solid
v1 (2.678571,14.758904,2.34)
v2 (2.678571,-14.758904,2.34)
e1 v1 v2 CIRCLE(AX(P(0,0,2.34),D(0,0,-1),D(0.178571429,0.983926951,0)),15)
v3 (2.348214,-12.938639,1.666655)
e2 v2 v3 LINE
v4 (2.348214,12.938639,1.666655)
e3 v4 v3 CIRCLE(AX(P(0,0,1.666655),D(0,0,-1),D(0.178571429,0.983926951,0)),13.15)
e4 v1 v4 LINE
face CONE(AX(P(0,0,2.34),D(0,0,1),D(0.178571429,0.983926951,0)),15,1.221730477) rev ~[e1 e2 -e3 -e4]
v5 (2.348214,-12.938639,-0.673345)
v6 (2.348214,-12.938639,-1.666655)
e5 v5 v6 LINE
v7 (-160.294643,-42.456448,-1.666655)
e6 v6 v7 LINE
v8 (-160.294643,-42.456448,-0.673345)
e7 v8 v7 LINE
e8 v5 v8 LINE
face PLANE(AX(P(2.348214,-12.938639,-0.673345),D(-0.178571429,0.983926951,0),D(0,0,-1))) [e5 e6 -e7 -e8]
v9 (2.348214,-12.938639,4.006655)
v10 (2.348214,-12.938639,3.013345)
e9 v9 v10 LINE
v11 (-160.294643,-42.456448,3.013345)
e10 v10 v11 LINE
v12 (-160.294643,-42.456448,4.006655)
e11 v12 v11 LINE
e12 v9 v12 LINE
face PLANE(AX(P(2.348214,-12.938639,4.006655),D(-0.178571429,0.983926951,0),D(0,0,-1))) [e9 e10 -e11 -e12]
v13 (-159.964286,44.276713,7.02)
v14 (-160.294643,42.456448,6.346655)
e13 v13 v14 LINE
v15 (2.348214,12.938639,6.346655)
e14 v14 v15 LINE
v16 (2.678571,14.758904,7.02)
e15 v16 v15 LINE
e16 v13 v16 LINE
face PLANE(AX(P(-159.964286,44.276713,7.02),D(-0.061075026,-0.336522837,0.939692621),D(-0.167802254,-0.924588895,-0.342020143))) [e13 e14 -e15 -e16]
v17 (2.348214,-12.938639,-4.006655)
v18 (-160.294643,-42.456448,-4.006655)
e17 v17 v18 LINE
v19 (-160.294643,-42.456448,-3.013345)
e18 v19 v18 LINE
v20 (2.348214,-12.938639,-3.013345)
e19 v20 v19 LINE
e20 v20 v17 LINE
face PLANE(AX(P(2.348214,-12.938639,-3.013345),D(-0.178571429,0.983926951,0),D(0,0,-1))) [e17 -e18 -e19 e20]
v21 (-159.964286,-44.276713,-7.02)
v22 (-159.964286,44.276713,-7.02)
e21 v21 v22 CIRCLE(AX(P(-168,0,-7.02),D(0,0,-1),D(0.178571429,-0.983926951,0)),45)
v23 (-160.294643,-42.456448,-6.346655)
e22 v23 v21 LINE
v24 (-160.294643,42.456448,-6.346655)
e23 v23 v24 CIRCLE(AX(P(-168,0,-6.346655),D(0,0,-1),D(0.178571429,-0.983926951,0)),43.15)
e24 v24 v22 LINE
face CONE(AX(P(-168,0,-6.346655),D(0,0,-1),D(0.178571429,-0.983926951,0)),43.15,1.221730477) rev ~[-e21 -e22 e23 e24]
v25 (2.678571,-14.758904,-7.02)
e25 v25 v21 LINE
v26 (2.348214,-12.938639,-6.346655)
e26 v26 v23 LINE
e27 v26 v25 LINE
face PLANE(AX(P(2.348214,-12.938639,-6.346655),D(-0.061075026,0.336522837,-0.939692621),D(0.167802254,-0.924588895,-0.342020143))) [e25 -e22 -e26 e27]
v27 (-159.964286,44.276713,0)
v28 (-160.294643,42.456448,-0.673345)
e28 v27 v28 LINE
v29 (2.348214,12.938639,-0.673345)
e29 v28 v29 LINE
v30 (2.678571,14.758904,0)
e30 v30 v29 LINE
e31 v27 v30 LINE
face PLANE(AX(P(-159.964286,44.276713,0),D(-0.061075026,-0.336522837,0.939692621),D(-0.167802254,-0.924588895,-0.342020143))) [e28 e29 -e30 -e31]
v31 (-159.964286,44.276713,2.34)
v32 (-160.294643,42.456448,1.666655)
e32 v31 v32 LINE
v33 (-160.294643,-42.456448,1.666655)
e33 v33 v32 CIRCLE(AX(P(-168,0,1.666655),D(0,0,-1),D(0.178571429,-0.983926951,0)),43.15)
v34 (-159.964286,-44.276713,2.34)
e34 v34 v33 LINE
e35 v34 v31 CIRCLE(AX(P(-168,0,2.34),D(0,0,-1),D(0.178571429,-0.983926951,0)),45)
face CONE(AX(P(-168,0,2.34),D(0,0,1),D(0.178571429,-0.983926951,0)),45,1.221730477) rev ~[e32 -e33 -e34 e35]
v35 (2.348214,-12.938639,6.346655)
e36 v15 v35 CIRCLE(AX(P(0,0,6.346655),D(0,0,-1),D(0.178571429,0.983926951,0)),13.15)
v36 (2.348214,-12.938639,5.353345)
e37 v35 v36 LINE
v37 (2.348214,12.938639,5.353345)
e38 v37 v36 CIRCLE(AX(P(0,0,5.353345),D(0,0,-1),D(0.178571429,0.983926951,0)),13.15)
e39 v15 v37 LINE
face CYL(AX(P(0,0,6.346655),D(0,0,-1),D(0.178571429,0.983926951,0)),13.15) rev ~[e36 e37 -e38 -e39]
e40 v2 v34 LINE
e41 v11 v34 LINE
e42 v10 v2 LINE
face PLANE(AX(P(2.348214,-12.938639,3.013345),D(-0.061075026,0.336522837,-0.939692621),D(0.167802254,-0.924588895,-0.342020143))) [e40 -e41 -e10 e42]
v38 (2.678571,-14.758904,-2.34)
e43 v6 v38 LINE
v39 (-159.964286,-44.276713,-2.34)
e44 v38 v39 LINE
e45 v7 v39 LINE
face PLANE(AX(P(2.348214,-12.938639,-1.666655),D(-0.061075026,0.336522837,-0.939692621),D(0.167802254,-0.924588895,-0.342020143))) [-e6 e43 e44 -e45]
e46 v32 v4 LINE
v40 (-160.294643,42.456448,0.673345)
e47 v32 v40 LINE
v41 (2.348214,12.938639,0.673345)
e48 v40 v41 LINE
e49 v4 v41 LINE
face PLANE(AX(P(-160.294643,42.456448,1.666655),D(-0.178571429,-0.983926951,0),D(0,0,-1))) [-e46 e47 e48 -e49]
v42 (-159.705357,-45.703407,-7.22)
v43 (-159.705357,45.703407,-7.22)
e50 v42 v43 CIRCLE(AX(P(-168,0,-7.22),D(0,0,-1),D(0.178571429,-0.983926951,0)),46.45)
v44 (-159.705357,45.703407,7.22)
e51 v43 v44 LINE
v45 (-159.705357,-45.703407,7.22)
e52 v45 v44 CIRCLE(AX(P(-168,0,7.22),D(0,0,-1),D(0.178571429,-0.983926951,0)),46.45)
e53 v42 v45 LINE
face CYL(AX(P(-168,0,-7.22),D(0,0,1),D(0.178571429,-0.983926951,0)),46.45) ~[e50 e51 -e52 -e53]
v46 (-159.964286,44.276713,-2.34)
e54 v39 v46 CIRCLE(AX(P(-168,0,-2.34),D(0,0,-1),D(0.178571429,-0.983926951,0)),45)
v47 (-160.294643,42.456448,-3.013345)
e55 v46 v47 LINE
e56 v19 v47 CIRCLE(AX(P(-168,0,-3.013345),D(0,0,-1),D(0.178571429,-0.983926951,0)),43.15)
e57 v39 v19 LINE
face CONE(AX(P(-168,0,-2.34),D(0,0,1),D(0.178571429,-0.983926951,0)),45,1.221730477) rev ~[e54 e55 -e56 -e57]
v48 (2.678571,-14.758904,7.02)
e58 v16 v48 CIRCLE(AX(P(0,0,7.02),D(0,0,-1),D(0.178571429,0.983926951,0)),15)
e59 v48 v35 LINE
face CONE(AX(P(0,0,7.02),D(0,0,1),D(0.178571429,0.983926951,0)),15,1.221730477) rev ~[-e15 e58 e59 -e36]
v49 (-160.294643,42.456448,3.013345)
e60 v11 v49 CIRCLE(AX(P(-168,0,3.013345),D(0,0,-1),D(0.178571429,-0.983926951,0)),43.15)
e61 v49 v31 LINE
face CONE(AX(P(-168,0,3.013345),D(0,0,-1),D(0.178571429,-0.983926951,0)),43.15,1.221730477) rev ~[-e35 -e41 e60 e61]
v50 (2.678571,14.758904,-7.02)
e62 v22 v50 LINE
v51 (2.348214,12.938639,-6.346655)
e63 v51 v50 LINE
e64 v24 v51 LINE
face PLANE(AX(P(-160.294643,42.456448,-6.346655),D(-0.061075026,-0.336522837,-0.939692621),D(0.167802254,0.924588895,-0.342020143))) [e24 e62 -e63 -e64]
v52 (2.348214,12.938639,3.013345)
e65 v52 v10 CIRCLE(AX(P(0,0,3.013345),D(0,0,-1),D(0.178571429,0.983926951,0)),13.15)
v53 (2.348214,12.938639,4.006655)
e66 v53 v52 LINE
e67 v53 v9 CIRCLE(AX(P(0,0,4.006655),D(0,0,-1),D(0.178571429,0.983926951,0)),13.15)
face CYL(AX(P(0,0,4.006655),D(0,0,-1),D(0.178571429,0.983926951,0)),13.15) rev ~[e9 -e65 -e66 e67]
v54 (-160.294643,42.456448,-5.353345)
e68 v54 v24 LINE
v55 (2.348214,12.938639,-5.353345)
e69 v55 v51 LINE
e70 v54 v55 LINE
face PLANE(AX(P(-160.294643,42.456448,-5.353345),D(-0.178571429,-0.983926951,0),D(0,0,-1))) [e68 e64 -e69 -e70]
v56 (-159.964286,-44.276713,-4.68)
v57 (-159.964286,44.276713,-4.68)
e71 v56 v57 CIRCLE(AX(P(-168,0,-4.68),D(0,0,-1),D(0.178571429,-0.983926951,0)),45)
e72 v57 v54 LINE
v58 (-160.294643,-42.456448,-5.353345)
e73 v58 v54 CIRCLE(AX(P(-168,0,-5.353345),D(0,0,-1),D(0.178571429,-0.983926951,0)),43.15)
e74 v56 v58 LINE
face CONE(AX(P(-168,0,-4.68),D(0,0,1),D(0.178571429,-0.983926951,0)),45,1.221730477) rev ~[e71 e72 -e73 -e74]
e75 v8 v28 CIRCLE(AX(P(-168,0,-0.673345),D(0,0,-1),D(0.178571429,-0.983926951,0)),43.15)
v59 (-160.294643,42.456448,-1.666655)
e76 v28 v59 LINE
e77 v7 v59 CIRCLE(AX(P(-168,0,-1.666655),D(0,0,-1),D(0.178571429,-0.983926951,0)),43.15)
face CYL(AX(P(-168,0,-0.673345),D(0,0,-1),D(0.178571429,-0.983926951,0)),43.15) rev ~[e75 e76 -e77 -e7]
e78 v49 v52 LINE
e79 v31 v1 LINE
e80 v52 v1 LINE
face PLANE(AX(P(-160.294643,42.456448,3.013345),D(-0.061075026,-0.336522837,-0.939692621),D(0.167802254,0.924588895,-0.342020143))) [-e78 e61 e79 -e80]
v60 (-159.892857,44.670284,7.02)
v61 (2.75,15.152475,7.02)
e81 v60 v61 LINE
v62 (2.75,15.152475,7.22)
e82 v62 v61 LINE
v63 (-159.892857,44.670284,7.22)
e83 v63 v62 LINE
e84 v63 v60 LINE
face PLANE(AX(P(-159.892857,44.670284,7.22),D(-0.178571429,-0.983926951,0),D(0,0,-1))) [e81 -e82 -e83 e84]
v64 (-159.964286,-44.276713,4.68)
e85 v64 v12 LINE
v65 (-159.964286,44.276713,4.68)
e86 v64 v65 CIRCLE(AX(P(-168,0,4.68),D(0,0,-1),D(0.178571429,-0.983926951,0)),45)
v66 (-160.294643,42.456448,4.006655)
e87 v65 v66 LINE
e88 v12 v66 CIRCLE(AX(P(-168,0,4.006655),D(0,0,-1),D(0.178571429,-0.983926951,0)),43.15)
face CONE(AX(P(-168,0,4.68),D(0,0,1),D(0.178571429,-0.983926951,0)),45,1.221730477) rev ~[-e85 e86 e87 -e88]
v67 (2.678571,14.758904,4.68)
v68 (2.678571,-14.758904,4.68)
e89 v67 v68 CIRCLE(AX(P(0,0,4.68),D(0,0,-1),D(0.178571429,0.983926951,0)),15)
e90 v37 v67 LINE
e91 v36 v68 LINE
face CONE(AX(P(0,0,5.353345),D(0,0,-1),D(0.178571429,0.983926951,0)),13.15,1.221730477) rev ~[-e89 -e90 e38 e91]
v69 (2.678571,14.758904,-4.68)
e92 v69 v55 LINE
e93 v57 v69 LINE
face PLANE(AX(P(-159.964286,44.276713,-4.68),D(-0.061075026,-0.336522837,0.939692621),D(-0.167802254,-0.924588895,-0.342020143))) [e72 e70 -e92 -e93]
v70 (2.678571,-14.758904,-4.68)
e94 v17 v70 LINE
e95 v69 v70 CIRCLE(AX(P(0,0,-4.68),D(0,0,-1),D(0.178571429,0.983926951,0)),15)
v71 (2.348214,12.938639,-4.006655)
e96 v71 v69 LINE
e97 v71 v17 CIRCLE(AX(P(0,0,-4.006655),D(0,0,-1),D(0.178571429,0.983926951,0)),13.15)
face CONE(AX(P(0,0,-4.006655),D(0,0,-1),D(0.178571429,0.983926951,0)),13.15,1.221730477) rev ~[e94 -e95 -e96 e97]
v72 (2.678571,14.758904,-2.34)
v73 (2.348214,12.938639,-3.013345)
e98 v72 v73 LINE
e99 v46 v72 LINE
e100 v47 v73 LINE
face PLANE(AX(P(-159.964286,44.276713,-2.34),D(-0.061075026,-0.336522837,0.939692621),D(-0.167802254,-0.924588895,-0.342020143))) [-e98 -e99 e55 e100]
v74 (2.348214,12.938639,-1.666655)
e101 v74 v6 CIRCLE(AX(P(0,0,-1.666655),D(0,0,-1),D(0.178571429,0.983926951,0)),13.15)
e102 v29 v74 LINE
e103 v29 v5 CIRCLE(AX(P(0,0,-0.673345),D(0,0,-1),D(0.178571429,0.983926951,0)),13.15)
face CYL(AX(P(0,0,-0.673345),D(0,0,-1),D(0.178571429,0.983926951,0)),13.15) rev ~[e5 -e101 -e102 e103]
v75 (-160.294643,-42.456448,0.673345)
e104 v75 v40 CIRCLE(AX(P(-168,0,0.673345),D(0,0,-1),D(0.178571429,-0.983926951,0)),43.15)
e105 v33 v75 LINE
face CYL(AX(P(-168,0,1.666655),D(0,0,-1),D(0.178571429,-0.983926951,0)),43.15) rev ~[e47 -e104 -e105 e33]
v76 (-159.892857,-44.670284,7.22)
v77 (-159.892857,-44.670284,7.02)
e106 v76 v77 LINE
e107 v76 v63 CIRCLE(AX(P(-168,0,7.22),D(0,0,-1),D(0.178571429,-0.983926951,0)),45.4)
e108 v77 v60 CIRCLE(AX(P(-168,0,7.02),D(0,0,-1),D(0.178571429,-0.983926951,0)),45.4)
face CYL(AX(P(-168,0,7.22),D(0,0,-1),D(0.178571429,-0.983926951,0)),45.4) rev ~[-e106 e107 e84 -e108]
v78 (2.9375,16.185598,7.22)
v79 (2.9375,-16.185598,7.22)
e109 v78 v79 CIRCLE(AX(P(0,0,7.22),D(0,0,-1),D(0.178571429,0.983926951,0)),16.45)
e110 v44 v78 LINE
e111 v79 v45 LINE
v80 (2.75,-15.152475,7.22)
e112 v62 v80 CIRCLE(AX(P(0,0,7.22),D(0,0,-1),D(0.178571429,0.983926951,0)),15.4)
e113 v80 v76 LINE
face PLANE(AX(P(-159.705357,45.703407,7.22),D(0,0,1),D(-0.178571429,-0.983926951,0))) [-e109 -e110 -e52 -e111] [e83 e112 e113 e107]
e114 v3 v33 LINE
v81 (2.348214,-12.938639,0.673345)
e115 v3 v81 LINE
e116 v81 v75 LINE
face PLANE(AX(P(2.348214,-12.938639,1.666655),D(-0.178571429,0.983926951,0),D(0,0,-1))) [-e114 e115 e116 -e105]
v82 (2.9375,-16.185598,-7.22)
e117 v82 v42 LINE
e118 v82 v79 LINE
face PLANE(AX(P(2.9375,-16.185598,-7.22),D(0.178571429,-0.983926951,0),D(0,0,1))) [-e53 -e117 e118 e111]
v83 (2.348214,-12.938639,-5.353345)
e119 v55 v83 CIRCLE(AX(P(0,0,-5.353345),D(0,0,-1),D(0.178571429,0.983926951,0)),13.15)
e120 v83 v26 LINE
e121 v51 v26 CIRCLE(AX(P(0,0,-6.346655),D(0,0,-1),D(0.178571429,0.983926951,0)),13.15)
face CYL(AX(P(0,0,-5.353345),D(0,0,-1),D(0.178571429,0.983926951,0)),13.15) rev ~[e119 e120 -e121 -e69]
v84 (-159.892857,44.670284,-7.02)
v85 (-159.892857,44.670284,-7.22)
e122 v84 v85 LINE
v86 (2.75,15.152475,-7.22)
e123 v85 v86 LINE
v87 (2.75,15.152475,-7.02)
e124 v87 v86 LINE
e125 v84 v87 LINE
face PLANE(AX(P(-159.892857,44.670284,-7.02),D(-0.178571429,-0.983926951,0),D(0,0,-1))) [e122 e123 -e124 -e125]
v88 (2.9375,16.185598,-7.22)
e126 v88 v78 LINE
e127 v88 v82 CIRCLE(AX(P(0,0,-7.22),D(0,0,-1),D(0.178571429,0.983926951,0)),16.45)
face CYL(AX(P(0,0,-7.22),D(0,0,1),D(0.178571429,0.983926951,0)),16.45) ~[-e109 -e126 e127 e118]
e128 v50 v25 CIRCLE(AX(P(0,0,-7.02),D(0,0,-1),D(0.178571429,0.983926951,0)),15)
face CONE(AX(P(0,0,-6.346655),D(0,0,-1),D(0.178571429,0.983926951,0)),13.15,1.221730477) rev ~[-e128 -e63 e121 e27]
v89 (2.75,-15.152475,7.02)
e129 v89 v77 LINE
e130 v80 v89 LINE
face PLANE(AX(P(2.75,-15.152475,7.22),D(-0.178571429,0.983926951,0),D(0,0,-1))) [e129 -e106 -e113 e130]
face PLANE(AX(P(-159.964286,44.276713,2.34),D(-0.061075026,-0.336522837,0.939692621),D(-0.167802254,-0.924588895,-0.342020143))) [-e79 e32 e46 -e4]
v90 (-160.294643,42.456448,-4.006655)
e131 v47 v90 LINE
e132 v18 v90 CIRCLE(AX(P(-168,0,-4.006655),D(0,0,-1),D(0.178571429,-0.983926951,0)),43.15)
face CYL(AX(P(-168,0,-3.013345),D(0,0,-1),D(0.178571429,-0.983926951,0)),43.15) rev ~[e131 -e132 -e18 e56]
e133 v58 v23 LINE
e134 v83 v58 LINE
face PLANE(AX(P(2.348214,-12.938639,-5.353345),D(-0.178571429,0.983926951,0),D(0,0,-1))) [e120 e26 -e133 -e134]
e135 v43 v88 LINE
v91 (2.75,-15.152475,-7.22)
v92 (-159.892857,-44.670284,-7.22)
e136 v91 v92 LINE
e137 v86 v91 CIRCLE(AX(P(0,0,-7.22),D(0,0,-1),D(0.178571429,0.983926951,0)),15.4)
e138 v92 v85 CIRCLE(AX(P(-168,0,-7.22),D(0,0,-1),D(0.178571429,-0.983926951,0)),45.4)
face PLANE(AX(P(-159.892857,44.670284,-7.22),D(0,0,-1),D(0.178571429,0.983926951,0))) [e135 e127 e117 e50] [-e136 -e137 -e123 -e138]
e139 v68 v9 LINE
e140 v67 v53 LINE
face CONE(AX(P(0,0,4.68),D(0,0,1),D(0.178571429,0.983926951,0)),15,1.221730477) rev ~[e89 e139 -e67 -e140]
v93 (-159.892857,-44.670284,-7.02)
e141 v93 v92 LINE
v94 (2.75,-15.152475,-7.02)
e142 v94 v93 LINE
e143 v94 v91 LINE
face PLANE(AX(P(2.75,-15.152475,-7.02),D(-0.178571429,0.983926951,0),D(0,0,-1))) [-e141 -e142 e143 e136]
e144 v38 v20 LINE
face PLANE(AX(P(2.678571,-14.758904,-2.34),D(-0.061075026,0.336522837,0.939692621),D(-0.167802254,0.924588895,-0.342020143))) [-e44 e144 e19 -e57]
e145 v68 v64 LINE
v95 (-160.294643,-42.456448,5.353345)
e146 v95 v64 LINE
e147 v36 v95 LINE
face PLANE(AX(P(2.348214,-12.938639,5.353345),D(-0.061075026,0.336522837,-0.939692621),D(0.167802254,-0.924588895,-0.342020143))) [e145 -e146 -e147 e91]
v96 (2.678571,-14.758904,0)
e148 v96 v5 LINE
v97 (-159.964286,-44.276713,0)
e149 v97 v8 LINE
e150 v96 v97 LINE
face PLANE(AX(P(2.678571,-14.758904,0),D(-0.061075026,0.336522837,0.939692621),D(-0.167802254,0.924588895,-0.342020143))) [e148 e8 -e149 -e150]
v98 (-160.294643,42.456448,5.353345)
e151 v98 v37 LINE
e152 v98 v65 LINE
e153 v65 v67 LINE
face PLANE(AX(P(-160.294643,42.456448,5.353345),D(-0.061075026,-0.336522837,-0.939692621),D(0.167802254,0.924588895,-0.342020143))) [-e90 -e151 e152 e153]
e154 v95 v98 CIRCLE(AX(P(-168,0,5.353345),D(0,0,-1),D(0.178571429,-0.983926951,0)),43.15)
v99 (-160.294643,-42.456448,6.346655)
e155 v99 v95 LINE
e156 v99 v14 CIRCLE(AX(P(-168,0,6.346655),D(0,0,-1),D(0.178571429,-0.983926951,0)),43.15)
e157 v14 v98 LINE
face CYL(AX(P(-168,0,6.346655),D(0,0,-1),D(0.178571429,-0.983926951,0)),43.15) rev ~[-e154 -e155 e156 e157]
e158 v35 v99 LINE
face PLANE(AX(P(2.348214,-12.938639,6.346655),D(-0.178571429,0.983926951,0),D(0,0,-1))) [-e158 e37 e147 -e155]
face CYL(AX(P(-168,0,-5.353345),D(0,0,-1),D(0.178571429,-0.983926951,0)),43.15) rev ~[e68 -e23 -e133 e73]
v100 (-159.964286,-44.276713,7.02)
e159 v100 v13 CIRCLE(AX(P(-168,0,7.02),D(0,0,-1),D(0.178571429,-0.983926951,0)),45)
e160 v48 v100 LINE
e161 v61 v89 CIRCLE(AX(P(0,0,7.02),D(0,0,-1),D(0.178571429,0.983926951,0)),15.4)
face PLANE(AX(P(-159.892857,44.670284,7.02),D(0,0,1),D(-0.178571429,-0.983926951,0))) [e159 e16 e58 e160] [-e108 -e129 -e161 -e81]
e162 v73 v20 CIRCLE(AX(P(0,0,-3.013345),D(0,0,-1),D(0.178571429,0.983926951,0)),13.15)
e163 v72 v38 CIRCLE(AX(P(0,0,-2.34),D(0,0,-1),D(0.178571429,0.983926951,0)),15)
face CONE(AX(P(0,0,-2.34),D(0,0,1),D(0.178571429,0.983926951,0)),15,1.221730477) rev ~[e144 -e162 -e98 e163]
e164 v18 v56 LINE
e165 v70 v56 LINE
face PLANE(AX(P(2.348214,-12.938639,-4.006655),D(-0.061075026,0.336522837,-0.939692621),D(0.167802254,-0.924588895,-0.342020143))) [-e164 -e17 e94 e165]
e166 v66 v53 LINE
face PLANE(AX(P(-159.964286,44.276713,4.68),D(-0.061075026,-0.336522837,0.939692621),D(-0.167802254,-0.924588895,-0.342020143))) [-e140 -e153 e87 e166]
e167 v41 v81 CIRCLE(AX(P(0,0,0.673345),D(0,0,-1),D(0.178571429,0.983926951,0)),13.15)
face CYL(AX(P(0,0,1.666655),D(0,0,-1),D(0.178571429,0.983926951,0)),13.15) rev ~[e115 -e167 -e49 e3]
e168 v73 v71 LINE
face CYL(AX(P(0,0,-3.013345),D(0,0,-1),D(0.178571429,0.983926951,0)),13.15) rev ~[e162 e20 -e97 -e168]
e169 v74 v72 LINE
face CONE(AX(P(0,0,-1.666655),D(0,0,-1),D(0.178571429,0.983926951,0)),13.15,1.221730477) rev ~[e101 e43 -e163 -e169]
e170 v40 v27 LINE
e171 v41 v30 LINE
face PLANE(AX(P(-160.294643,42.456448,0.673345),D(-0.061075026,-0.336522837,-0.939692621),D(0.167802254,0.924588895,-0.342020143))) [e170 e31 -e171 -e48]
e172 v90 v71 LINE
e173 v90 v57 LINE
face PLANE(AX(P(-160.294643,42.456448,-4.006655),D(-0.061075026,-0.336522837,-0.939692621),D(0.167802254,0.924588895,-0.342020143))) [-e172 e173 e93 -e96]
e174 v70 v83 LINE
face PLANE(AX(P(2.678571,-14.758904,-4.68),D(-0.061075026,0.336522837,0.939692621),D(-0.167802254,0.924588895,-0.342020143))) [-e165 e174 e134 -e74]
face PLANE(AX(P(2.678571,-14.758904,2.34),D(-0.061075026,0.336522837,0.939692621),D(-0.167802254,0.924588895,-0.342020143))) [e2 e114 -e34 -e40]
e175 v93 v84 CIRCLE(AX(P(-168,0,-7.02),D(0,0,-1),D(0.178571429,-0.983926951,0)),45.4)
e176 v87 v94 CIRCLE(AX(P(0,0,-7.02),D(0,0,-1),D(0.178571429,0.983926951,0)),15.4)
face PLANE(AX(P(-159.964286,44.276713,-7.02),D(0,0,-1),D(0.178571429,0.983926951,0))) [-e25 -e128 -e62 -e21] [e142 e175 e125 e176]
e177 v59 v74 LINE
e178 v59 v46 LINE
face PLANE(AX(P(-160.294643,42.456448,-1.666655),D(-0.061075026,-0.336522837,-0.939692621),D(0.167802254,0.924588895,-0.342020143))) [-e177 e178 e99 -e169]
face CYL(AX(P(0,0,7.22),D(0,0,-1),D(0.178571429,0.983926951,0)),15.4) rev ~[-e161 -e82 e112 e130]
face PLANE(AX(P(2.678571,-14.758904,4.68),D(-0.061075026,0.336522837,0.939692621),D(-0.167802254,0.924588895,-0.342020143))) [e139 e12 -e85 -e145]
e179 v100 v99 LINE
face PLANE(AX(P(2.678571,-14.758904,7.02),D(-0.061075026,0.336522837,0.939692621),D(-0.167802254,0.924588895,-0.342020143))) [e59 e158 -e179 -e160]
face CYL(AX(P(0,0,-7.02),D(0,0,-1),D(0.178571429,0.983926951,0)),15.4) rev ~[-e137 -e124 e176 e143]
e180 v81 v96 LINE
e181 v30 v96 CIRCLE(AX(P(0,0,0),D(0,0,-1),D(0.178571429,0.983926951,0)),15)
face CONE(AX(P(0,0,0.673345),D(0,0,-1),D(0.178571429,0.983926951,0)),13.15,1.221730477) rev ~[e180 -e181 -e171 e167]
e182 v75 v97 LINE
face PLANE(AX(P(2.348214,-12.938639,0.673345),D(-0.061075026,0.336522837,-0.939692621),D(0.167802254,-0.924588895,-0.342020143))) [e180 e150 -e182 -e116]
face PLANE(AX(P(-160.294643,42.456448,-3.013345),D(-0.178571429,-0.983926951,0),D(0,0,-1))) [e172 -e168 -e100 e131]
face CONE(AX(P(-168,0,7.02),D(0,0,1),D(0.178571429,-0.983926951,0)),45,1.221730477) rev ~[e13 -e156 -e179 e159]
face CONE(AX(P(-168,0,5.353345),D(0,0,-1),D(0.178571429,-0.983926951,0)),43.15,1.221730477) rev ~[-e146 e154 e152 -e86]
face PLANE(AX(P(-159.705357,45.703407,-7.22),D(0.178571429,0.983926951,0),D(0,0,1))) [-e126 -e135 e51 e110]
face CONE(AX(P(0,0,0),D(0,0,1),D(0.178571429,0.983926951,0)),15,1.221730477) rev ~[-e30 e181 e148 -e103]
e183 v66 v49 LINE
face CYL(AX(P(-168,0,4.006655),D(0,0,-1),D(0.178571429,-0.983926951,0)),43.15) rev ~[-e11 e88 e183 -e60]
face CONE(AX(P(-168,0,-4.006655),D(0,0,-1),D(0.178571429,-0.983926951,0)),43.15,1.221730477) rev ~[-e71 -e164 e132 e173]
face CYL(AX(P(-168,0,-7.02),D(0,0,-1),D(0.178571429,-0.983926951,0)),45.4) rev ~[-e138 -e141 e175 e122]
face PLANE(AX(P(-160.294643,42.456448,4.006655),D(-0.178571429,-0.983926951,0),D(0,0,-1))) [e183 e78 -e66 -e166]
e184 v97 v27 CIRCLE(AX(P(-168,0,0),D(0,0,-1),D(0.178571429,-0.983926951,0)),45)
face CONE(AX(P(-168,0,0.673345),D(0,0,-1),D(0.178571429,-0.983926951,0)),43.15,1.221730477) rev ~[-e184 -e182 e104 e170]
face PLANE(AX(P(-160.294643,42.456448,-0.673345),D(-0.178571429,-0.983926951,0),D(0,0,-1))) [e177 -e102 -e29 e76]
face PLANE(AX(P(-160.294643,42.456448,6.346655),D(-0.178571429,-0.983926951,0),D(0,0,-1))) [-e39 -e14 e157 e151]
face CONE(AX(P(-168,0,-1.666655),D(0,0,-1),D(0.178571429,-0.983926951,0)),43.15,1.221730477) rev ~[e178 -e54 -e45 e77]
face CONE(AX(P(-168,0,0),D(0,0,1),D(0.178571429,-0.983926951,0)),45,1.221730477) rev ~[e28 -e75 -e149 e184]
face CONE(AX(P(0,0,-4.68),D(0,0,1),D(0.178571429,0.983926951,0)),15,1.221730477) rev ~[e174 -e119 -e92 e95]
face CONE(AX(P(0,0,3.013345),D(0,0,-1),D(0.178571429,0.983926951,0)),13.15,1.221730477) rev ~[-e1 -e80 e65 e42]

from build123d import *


with BuildPart() as part:
    # По траектории1: sweep along a path in Эскиз1
    with BuildLine(Plane.XY) as sweep_1_path:
        Line((-159.964285714, 44.276712795), (2.678571429, 14.758904265))
        ThreePointArc((2.678571429, 14.758904265), (15, 0), (2.678571429, -14.758904265))
        Line((2.678571429, -14.758904265), (-159.964285714, -44.276712795))
        ThreePointArc((-159.964285714, -44.276712795), (-213, 0), (-159.964285714, 44.276712795))
    # Эскиз2 → По траектории1 (sweep)
    with BuildSketch(Plane(origin=(0, 0, 0), x_dir=(1, 0, 0), z_dir=(0, 1, 0))):
        Polygon((-213, 0), (-211.15, 0.673344933), (-211.15, 1.666655067), (-213, 2.34), (-211.15, 3.013344933), (-211.15, 4.006655067), (-213, 4.68), (-211.15, 5.353344933), (-211.15, 6.346655067), (-213, 7.02), (-213.4, 7.02), (-213.4, 7.22), (-214.45, 7.22), (-214.45, -7.22), (-213.4, -7.22), (-213.4, -7.02), (-213, -7.02), (-211.15, -6.346655067), (-211.15, -5.353344933), (-213, -4.68), (-211.15, -4.006655067), (-211.15, -3.013344933), (-213, -2.34), (-211.15, -1.666655067), (-211.15, -0.673344933), align=None)
    sweep(path=sweep_1_path.line)


solid = part.part
